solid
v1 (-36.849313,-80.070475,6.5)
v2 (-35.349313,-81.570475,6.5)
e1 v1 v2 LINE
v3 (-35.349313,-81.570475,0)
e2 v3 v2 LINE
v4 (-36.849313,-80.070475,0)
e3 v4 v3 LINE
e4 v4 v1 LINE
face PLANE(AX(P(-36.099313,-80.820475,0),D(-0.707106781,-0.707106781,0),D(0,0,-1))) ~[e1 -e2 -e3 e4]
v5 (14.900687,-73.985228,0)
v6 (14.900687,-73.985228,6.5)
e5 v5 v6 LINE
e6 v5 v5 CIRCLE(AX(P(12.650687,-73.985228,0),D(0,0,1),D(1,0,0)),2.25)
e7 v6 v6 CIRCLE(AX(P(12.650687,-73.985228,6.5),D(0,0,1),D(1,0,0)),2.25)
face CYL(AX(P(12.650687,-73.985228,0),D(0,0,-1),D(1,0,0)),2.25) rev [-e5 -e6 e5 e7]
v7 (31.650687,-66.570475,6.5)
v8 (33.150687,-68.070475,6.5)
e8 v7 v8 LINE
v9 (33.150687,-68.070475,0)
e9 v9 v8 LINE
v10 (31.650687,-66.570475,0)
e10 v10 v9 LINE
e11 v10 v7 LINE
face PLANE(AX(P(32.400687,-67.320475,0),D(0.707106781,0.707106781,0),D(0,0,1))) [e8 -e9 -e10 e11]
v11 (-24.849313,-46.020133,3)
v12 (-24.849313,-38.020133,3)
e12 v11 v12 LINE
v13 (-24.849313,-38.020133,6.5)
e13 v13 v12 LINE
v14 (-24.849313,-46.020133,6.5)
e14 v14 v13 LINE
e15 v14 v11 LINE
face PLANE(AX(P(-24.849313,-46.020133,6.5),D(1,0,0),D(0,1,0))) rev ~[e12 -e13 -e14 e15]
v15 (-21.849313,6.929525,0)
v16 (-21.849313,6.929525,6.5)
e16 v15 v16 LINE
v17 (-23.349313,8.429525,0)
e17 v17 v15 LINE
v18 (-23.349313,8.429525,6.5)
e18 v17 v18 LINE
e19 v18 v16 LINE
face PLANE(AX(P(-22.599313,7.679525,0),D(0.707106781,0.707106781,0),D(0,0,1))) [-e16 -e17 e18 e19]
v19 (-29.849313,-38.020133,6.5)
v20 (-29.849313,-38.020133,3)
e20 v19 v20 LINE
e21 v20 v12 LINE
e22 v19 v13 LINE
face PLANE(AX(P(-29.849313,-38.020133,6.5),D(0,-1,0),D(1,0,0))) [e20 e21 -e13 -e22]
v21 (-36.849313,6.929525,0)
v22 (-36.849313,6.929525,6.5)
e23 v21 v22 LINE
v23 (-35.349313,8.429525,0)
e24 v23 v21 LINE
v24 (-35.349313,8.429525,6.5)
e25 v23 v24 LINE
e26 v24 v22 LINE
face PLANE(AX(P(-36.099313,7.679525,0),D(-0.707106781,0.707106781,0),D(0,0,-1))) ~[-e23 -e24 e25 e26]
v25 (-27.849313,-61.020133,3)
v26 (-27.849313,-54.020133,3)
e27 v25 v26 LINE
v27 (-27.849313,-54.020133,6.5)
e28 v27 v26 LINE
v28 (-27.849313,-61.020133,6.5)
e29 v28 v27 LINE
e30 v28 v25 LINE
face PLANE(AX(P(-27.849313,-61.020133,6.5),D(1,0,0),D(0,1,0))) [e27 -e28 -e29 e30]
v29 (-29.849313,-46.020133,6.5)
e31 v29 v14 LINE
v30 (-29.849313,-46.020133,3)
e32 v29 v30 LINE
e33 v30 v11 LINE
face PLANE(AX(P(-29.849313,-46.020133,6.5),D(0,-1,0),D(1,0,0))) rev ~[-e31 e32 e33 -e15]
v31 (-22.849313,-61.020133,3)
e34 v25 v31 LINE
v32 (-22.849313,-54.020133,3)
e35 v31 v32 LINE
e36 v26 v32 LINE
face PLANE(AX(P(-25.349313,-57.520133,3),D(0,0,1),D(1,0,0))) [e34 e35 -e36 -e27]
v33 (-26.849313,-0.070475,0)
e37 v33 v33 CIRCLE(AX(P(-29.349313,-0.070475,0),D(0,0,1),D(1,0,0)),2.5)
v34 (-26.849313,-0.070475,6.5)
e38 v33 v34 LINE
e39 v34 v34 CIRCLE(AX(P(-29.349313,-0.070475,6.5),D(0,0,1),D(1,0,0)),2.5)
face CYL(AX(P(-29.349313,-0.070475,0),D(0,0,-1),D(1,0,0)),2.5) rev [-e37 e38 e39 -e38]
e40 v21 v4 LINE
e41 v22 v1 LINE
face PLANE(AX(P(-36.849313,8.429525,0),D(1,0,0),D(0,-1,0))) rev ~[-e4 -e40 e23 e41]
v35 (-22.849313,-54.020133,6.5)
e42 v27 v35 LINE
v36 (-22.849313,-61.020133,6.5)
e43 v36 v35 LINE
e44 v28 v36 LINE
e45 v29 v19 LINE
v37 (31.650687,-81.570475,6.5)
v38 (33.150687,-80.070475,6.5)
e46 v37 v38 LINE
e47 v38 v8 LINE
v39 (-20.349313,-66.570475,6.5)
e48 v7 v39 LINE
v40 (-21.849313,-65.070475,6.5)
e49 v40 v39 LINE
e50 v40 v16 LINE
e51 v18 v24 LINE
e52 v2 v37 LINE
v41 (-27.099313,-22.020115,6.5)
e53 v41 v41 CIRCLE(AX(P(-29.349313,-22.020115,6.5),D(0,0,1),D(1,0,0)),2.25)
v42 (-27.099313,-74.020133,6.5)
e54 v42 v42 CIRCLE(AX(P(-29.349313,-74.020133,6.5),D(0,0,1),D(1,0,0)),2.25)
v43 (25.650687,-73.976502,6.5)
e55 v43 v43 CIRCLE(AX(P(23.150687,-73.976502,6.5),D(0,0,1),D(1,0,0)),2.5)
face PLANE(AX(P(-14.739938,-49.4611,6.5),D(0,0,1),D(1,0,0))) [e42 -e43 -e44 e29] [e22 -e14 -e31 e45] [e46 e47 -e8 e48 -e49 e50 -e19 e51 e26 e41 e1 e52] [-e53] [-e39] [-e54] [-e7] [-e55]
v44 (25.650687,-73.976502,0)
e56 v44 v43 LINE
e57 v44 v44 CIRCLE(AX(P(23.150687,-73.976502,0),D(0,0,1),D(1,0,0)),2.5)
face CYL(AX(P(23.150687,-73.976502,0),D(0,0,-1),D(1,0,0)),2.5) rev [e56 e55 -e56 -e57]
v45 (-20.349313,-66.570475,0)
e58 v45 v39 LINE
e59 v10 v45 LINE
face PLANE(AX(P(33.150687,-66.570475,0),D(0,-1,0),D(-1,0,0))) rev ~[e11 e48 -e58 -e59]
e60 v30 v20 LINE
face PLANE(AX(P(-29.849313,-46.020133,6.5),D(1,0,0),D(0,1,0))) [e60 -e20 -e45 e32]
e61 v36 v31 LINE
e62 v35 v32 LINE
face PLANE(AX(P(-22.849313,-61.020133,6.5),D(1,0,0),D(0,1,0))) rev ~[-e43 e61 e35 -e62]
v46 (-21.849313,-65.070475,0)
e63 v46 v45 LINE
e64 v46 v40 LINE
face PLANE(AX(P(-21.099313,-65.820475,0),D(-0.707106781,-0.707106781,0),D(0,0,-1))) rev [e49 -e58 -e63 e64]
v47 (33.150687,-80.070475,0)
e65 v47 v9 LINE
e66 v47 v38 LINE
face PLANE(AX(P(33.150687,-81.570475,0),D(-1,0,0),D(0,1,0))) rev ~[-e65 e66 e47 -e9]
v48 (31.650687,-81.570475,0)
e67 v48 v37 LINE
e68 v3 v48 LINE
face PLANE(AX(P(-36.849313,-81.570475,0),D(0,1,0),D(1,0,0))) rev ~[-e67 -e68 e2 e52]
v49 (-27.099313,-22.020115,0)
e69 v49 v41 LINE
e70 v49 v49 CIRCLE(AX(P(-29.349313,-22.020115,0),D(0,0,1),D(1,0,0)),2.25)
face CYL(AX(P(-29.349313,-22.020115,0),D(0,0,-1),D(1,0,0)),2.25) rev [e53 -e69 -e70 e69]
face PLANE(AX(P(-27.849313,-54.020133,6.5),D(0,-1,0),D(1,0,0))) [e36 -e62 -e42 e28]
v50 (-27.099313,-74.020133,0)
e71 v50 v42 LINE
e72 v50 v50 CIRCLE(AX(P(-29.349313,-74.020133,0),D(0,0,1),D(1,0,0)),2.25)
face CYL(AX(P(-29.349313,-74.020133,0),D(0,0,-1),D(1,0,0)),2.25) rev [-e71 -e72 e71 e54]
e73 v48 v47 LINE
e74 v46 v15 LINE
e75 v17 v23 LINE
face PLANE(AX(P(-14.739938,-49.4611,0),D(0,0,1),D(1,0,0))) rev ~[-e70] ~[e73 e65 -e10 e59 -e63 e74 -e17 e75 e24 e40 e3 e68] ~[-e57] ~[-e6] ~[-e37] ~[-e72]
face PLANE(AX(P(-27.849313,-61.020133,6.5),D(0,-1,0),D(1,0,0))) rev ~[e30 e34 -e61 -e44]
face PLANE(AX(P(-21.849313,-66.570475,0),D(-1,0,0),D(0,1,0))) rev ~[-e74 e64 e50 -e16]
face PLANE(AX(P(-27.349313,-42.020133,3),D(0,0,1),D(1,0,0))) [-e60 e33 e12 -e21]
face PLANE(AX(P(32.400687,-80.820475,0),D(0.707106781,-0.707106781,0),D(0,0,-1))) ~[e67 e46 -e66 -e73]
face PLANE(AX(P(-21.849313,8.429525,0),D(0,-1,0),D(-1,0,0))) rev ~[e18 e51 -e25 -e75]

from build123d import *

# Parameters (mm, degrees)
F0_R     = 2.25
F0_R_2   = 2.5
F1_DEPTH = 6.5
F2_SIZE  = 1.5
F3_W     = 5
F3_H     = 8
F3_H_2   = 7
F4_DEPTH = 3.5


with BuildPart() as f1:
    # F0 (on Top) → F1 (new body)
    with BuildSketch(Plane.XY):
        Polygon((-21.849313, 8.429525), (-36.849313, 8.429525), (-36.849313, -81.570475), (33.150687, -81.570475), (33.150687, -66.570475), (23.150687, -66.570475), (-21.849313, -66.570475), align=None)
        with Locations((-29.349313, -74.020133)):
            Circle(F0_R, mode=Mode.SUBTRACT)
        with Locations((12.650687, -73.985228)):
            Circle(F0_R, mode=Mode.SUBTRACT)
        with Locations((23.150687, -73.976502)):
            Circle(F0_R_2, mode=Mode.SUBTRACT)
        with Locations((-29.349313, -22.020115)):
            Circle(F0_R, mode=Mode.SUBTRACT)
        with Locations((-29.349313, -0.070475)):
            Circle(F0_R_2, mode=Mode.SUBTRACT)
    extrude(amount=F1_DEPTH)

    # F2
    f2_edges = [f1.edges().sort_by_distance(p)[0] for p in [
        (-21.849313, 8.429525, 3.25),
        (-36.849313, 8.429525, 3.25),
        (-36.849313, -81.570475, 3.25),
        (-21.849313, -66.570475, 3.25),
        (33.150687, -66.570475, 3.25),
        (33.150687, -81.570475, 3.25),
    ]]
    chamfer(f2_edges, length=F2_SIZE)

    # F3 (on face) → F4 (cut)
    with BuildSketch(Plane.XY.offset(6.5)):
        with Locations((-27.349313, -42.020133)):
            Rectangle(F3_W, F3_H)
        with Locations((-25.349313, -57.520133)):
            Rectangle(F3_W, F3_H_2)
    extrude(amount=-F4_DEPTH, mode=Mode.SUBTRACT)


solid = f1.part
